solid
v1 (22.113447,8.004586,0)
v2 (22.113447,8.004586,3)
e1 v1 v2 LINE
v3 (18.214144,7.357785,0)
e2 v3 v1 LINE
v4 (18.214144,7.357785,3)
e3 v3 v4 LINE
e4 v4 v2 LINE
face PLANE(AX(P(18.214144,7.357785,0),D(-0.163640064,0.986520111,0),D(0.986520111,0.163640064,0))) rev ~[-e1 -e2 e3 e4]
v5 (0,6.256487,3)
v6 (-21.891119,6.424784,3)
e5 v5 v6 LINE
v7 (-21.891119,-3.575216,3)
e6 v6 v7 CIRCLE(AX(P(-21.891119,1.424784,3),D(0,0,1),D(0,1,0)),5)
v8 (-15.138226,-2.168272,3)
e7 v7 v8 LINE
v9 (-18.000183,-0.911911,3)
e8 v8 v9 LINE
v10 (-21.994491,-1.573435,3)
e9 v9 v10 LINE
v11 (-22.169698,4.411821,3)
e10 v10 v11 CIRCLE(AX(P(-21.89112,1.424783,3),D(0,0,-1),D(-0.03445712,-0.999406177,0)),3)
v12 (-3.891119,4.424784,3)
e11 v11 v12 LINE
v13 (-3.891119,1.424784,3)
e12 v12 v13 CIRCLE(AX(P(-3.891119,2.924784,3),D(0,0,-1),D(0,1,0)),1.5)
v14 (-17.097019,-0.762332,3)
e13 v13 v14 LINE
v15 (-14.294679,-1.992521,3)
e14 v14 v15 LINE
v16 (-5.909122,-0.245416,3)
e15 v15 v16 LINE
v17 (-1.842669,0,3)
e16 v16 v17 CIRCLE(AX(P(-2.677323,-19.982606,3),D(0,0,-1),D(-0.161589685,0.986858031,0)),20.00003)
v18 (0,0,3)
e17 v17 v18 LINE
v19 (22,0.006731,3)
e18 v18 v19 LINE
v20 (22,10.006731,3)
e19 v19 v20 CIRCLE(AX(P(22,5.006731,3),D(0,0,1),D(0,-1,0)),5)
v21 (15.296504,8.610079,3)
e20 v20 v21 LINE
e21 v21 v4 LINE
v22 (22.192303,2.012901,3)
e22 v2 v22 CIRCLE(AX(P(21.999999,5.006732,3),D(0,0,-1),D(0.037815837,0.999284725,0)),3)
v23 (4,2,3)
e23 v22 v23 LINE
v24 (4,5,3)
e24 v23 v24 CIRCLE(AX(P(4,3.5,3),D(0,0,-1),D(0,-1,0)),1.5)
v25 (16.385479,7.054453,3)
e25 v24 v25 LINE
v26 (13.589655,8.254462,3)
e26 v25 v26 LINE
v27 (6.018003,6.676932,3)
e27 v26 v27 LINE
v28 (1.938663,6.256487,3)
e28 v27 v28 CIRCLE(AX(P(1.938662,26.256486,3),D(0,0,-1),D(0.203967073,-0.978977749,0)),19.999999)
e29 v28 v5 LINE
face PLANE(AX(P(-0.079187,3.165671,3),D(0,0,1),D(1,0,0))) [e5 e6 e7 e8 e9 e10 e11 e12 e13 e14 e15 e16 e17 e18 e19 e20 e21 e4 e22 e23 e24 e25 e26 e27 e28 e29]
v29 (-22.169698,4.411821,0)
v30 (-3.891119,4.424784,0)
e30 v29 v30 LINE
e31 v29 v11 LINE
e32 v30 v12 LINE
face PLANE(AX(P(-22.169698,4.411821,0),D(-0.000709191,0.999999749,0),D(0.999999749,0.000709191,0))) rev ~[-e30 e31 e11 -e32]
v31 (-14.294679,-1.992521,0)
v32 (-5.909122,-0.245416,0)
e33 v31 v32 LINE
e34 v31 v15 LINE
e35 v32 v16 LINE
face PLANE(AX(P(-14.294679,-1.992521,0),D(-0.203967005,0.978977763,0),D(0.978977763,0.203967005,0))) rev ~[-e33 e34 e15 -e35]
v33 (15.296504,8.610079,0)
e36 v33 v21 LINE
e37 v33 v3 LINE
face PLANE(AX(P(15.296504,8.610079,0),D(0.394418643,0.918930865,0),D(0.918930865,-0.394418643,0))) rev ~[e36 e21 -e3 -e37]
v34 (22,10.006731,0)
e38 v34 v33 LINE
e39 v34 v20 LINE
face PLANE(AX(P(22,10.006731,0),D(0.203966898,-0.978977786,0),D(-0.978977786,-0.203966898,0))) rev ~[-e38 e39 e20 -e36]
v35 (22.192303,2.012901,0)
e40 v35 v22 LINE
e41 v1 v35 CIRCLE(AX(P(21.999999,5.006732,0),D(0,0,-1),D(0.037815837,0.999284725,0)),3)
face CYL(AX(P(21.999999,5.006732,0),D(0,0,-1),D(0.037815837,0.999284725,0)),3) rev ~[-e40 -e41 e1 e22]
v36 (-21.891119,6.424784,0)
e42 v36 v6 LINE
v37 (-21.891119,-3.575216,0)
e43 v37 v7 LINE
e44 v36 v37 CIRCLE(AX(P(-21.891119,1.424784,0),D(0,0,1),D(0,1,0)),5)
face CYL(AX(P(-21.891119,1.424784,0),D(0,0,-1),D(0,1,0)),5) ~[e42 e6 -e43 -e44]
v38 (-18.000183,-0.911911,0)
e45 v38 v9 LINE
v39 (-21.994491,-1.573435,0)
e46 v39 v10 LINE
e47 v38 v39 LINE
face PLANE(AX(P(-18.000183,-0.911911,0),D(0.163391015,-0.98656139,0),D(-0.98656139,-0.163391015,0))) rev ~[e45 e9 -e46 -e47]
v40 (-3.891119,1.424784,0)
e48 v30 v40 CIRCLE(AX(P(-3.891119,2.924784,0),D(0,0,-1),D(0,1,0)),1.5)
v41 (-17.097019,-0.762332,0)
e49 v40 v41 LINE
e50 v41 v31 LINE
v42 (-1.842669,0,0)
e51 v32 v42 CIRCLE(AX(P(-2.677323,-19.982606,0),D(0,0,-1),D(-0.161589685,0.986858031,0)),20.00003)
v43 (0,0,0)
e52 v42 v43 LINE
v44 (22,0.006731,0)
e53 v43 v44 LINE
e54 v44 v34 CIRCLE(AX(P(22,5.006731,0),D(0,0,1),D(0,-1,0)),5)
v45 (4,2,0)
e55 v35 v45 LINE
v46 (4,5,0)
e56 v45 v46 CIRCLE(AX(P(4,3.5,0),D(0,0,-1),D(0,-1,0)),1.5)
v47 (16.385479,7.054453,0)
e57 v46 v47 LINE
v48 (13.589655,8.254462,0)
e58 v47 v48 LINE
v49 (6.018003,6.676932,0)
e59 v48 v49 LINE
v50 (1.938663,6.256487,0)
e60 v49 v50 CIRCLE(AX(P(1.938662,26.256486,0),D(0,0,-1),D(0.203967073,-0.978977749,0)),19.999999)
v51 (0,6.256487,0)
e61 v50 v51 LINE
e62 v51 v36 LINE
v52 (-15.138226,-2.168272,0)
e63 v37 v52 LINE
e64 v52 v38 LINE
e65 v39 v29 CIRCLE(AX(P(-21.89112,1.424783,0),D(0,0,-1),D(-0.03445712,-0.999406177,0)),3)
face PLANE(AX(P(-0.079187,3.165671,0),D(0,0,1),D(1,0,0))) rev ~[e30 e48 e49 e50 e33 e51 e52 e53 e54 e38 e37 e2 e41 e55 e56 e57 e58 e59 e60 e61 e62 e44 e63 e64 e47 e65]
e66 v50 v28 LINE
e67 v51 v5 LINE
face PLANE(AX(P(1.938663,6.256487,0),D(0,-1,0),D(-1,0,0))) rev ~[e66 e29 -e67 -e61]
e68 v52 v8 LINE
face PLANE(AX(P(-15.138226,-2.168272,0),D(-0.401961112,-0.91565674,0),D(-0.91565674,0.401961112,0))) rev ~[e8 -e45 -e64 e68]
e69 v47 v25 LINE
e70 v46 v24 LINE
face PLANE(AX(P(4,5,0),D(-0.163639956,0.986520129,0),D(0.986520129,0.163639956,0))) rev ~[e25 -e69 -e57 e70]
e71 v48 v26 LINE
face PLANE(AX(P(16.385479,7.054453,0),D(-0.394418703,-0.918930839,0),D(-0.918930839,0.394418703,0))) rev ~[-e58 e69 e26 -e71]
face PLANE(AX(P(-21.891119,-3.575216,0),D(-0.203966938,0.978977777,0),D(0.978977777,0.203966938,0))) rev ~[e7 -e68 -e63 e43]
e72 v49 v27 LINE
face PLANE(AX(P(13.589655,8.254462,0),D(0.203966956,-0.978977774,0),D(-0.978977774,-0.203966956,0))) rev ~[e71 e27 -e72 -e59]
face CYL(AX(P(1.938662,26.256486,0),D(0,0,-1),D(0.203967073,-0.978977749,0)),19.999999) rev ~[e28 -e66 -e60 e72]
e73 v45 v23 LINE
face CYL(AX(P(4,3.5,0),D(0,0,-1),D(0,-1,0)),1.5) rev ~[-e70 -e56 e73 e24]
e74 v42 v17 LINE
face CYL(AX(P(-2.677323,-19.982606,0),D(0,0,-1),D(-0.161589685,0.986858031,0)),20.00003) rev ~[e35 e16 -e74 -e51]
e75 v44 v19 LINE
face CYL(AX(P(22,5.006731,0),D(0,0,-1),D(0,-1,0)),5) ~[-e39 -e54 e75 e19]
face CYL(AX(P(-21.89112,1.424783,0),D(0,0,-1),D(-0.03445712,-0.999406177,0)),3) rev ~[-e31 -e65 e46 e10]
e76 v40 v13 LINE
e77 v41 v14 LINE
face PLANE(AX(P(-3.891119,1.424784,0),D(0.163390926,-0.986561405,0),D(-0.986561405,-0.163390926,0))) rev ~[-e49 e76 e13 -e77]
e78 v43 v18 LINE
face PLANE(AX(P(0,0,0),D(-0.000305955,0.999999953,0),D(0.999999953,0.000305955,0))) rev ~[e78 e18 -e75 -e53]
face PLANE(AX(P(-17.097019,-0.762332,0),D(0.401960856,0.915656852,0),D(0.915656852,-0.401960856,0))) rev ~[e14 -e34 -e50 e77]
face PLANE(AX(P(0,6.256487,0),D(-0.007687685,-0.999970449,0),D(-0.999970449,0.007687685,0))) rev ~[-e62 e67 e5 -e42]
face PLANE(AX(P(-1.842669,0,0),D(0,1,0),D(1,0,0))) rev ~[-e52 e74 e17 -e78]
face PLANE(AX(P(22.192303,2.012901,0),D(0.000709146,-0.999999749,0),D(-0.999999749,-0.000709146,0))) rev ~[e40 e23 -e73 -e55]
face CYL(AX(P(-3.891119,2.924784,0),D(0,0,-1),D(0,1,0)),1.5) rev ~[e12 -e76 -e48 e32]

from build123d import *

# Parameters (mm, degrees)
F1_DEPTH = 3


with BuildPart() as f1:
    # F0 (on Top) → F1 (new body)
    with BuildSketch(Plane.XY):
        with BuildLine():
            Line((-1.842669, 0), (0, 0))
            Line((0, 0), (22, 0.006731))
            ThreePointArc((22, 0.006731), (27, 5.006731), (22, 10.006731))
            Line((22, 10.006731), (15.296504, 8.610079))
            Line((15.296504, 8.610079), (18.214144, 7.357785))
            Line((18.214144, 7.357785), (22.113447, 8.004586))
            ThreePointArc((22.113447, 8.004586), (24.99974, 5.046211), (22.192303, 2.012901))
            Line((22.192303, 2.012901), (4, 2))
            ThreePointArc((4, 2), (2.5, 3.5), (4, 5))
            Line((4, 5), (16.385479, 7.054453))
            Line((16.385479, 7.054453), (13.589655, 8.254462))
            Line((13.589655, 8.254462), (6.018003, 6.676932))
            ThreePointArc((6.018003, 6.676932), (3.989138, 6.361876), (1.938663, 6.256487))
            Line((1.938663, 6.256487), (0, 6.256487))
            Line((0, 6.256487), (-21.891119, 6.424784))
            ThreePointArc((-21.891119, 6.424784), (-26.891119, 1.424784), (-21.891119, -3.575216))
            Line((-21.891119, -3.575216), (-15.138226, -2.168272))
            Line((-15.138226, -2.168272), (-18.000183, -0.911911))
            Line((-18.000183, -0.911911), (-21.994491, -1.573435))
            ThreePointArc((-21.994491, -1.573435), (-24.889835, 1.337002), (-22.169698, 4.411821))
            Line((-22.169698, 4.411821), (-3.891119, 4.424784))
            ThreePointArc((-3.891119, 4.424784), (-2.391119, 2.924784), (-3.891119, 1.424784))
            Line((-3.891119, 1.424784), (-17.097019, -0.762332))
            Line((-17.097019, -0.762332), (-14.294679, -1.992521))
            Line((-14.294679, -1.992521), (-5.909122, -0.245416))
            ThreePointArc((-5.909122, -0.245416), (-3.882161, -0.0189), (-1.842669, 0))
        make_face()
    extrude(amount=F1_DEPTH)


solid = f1.part
